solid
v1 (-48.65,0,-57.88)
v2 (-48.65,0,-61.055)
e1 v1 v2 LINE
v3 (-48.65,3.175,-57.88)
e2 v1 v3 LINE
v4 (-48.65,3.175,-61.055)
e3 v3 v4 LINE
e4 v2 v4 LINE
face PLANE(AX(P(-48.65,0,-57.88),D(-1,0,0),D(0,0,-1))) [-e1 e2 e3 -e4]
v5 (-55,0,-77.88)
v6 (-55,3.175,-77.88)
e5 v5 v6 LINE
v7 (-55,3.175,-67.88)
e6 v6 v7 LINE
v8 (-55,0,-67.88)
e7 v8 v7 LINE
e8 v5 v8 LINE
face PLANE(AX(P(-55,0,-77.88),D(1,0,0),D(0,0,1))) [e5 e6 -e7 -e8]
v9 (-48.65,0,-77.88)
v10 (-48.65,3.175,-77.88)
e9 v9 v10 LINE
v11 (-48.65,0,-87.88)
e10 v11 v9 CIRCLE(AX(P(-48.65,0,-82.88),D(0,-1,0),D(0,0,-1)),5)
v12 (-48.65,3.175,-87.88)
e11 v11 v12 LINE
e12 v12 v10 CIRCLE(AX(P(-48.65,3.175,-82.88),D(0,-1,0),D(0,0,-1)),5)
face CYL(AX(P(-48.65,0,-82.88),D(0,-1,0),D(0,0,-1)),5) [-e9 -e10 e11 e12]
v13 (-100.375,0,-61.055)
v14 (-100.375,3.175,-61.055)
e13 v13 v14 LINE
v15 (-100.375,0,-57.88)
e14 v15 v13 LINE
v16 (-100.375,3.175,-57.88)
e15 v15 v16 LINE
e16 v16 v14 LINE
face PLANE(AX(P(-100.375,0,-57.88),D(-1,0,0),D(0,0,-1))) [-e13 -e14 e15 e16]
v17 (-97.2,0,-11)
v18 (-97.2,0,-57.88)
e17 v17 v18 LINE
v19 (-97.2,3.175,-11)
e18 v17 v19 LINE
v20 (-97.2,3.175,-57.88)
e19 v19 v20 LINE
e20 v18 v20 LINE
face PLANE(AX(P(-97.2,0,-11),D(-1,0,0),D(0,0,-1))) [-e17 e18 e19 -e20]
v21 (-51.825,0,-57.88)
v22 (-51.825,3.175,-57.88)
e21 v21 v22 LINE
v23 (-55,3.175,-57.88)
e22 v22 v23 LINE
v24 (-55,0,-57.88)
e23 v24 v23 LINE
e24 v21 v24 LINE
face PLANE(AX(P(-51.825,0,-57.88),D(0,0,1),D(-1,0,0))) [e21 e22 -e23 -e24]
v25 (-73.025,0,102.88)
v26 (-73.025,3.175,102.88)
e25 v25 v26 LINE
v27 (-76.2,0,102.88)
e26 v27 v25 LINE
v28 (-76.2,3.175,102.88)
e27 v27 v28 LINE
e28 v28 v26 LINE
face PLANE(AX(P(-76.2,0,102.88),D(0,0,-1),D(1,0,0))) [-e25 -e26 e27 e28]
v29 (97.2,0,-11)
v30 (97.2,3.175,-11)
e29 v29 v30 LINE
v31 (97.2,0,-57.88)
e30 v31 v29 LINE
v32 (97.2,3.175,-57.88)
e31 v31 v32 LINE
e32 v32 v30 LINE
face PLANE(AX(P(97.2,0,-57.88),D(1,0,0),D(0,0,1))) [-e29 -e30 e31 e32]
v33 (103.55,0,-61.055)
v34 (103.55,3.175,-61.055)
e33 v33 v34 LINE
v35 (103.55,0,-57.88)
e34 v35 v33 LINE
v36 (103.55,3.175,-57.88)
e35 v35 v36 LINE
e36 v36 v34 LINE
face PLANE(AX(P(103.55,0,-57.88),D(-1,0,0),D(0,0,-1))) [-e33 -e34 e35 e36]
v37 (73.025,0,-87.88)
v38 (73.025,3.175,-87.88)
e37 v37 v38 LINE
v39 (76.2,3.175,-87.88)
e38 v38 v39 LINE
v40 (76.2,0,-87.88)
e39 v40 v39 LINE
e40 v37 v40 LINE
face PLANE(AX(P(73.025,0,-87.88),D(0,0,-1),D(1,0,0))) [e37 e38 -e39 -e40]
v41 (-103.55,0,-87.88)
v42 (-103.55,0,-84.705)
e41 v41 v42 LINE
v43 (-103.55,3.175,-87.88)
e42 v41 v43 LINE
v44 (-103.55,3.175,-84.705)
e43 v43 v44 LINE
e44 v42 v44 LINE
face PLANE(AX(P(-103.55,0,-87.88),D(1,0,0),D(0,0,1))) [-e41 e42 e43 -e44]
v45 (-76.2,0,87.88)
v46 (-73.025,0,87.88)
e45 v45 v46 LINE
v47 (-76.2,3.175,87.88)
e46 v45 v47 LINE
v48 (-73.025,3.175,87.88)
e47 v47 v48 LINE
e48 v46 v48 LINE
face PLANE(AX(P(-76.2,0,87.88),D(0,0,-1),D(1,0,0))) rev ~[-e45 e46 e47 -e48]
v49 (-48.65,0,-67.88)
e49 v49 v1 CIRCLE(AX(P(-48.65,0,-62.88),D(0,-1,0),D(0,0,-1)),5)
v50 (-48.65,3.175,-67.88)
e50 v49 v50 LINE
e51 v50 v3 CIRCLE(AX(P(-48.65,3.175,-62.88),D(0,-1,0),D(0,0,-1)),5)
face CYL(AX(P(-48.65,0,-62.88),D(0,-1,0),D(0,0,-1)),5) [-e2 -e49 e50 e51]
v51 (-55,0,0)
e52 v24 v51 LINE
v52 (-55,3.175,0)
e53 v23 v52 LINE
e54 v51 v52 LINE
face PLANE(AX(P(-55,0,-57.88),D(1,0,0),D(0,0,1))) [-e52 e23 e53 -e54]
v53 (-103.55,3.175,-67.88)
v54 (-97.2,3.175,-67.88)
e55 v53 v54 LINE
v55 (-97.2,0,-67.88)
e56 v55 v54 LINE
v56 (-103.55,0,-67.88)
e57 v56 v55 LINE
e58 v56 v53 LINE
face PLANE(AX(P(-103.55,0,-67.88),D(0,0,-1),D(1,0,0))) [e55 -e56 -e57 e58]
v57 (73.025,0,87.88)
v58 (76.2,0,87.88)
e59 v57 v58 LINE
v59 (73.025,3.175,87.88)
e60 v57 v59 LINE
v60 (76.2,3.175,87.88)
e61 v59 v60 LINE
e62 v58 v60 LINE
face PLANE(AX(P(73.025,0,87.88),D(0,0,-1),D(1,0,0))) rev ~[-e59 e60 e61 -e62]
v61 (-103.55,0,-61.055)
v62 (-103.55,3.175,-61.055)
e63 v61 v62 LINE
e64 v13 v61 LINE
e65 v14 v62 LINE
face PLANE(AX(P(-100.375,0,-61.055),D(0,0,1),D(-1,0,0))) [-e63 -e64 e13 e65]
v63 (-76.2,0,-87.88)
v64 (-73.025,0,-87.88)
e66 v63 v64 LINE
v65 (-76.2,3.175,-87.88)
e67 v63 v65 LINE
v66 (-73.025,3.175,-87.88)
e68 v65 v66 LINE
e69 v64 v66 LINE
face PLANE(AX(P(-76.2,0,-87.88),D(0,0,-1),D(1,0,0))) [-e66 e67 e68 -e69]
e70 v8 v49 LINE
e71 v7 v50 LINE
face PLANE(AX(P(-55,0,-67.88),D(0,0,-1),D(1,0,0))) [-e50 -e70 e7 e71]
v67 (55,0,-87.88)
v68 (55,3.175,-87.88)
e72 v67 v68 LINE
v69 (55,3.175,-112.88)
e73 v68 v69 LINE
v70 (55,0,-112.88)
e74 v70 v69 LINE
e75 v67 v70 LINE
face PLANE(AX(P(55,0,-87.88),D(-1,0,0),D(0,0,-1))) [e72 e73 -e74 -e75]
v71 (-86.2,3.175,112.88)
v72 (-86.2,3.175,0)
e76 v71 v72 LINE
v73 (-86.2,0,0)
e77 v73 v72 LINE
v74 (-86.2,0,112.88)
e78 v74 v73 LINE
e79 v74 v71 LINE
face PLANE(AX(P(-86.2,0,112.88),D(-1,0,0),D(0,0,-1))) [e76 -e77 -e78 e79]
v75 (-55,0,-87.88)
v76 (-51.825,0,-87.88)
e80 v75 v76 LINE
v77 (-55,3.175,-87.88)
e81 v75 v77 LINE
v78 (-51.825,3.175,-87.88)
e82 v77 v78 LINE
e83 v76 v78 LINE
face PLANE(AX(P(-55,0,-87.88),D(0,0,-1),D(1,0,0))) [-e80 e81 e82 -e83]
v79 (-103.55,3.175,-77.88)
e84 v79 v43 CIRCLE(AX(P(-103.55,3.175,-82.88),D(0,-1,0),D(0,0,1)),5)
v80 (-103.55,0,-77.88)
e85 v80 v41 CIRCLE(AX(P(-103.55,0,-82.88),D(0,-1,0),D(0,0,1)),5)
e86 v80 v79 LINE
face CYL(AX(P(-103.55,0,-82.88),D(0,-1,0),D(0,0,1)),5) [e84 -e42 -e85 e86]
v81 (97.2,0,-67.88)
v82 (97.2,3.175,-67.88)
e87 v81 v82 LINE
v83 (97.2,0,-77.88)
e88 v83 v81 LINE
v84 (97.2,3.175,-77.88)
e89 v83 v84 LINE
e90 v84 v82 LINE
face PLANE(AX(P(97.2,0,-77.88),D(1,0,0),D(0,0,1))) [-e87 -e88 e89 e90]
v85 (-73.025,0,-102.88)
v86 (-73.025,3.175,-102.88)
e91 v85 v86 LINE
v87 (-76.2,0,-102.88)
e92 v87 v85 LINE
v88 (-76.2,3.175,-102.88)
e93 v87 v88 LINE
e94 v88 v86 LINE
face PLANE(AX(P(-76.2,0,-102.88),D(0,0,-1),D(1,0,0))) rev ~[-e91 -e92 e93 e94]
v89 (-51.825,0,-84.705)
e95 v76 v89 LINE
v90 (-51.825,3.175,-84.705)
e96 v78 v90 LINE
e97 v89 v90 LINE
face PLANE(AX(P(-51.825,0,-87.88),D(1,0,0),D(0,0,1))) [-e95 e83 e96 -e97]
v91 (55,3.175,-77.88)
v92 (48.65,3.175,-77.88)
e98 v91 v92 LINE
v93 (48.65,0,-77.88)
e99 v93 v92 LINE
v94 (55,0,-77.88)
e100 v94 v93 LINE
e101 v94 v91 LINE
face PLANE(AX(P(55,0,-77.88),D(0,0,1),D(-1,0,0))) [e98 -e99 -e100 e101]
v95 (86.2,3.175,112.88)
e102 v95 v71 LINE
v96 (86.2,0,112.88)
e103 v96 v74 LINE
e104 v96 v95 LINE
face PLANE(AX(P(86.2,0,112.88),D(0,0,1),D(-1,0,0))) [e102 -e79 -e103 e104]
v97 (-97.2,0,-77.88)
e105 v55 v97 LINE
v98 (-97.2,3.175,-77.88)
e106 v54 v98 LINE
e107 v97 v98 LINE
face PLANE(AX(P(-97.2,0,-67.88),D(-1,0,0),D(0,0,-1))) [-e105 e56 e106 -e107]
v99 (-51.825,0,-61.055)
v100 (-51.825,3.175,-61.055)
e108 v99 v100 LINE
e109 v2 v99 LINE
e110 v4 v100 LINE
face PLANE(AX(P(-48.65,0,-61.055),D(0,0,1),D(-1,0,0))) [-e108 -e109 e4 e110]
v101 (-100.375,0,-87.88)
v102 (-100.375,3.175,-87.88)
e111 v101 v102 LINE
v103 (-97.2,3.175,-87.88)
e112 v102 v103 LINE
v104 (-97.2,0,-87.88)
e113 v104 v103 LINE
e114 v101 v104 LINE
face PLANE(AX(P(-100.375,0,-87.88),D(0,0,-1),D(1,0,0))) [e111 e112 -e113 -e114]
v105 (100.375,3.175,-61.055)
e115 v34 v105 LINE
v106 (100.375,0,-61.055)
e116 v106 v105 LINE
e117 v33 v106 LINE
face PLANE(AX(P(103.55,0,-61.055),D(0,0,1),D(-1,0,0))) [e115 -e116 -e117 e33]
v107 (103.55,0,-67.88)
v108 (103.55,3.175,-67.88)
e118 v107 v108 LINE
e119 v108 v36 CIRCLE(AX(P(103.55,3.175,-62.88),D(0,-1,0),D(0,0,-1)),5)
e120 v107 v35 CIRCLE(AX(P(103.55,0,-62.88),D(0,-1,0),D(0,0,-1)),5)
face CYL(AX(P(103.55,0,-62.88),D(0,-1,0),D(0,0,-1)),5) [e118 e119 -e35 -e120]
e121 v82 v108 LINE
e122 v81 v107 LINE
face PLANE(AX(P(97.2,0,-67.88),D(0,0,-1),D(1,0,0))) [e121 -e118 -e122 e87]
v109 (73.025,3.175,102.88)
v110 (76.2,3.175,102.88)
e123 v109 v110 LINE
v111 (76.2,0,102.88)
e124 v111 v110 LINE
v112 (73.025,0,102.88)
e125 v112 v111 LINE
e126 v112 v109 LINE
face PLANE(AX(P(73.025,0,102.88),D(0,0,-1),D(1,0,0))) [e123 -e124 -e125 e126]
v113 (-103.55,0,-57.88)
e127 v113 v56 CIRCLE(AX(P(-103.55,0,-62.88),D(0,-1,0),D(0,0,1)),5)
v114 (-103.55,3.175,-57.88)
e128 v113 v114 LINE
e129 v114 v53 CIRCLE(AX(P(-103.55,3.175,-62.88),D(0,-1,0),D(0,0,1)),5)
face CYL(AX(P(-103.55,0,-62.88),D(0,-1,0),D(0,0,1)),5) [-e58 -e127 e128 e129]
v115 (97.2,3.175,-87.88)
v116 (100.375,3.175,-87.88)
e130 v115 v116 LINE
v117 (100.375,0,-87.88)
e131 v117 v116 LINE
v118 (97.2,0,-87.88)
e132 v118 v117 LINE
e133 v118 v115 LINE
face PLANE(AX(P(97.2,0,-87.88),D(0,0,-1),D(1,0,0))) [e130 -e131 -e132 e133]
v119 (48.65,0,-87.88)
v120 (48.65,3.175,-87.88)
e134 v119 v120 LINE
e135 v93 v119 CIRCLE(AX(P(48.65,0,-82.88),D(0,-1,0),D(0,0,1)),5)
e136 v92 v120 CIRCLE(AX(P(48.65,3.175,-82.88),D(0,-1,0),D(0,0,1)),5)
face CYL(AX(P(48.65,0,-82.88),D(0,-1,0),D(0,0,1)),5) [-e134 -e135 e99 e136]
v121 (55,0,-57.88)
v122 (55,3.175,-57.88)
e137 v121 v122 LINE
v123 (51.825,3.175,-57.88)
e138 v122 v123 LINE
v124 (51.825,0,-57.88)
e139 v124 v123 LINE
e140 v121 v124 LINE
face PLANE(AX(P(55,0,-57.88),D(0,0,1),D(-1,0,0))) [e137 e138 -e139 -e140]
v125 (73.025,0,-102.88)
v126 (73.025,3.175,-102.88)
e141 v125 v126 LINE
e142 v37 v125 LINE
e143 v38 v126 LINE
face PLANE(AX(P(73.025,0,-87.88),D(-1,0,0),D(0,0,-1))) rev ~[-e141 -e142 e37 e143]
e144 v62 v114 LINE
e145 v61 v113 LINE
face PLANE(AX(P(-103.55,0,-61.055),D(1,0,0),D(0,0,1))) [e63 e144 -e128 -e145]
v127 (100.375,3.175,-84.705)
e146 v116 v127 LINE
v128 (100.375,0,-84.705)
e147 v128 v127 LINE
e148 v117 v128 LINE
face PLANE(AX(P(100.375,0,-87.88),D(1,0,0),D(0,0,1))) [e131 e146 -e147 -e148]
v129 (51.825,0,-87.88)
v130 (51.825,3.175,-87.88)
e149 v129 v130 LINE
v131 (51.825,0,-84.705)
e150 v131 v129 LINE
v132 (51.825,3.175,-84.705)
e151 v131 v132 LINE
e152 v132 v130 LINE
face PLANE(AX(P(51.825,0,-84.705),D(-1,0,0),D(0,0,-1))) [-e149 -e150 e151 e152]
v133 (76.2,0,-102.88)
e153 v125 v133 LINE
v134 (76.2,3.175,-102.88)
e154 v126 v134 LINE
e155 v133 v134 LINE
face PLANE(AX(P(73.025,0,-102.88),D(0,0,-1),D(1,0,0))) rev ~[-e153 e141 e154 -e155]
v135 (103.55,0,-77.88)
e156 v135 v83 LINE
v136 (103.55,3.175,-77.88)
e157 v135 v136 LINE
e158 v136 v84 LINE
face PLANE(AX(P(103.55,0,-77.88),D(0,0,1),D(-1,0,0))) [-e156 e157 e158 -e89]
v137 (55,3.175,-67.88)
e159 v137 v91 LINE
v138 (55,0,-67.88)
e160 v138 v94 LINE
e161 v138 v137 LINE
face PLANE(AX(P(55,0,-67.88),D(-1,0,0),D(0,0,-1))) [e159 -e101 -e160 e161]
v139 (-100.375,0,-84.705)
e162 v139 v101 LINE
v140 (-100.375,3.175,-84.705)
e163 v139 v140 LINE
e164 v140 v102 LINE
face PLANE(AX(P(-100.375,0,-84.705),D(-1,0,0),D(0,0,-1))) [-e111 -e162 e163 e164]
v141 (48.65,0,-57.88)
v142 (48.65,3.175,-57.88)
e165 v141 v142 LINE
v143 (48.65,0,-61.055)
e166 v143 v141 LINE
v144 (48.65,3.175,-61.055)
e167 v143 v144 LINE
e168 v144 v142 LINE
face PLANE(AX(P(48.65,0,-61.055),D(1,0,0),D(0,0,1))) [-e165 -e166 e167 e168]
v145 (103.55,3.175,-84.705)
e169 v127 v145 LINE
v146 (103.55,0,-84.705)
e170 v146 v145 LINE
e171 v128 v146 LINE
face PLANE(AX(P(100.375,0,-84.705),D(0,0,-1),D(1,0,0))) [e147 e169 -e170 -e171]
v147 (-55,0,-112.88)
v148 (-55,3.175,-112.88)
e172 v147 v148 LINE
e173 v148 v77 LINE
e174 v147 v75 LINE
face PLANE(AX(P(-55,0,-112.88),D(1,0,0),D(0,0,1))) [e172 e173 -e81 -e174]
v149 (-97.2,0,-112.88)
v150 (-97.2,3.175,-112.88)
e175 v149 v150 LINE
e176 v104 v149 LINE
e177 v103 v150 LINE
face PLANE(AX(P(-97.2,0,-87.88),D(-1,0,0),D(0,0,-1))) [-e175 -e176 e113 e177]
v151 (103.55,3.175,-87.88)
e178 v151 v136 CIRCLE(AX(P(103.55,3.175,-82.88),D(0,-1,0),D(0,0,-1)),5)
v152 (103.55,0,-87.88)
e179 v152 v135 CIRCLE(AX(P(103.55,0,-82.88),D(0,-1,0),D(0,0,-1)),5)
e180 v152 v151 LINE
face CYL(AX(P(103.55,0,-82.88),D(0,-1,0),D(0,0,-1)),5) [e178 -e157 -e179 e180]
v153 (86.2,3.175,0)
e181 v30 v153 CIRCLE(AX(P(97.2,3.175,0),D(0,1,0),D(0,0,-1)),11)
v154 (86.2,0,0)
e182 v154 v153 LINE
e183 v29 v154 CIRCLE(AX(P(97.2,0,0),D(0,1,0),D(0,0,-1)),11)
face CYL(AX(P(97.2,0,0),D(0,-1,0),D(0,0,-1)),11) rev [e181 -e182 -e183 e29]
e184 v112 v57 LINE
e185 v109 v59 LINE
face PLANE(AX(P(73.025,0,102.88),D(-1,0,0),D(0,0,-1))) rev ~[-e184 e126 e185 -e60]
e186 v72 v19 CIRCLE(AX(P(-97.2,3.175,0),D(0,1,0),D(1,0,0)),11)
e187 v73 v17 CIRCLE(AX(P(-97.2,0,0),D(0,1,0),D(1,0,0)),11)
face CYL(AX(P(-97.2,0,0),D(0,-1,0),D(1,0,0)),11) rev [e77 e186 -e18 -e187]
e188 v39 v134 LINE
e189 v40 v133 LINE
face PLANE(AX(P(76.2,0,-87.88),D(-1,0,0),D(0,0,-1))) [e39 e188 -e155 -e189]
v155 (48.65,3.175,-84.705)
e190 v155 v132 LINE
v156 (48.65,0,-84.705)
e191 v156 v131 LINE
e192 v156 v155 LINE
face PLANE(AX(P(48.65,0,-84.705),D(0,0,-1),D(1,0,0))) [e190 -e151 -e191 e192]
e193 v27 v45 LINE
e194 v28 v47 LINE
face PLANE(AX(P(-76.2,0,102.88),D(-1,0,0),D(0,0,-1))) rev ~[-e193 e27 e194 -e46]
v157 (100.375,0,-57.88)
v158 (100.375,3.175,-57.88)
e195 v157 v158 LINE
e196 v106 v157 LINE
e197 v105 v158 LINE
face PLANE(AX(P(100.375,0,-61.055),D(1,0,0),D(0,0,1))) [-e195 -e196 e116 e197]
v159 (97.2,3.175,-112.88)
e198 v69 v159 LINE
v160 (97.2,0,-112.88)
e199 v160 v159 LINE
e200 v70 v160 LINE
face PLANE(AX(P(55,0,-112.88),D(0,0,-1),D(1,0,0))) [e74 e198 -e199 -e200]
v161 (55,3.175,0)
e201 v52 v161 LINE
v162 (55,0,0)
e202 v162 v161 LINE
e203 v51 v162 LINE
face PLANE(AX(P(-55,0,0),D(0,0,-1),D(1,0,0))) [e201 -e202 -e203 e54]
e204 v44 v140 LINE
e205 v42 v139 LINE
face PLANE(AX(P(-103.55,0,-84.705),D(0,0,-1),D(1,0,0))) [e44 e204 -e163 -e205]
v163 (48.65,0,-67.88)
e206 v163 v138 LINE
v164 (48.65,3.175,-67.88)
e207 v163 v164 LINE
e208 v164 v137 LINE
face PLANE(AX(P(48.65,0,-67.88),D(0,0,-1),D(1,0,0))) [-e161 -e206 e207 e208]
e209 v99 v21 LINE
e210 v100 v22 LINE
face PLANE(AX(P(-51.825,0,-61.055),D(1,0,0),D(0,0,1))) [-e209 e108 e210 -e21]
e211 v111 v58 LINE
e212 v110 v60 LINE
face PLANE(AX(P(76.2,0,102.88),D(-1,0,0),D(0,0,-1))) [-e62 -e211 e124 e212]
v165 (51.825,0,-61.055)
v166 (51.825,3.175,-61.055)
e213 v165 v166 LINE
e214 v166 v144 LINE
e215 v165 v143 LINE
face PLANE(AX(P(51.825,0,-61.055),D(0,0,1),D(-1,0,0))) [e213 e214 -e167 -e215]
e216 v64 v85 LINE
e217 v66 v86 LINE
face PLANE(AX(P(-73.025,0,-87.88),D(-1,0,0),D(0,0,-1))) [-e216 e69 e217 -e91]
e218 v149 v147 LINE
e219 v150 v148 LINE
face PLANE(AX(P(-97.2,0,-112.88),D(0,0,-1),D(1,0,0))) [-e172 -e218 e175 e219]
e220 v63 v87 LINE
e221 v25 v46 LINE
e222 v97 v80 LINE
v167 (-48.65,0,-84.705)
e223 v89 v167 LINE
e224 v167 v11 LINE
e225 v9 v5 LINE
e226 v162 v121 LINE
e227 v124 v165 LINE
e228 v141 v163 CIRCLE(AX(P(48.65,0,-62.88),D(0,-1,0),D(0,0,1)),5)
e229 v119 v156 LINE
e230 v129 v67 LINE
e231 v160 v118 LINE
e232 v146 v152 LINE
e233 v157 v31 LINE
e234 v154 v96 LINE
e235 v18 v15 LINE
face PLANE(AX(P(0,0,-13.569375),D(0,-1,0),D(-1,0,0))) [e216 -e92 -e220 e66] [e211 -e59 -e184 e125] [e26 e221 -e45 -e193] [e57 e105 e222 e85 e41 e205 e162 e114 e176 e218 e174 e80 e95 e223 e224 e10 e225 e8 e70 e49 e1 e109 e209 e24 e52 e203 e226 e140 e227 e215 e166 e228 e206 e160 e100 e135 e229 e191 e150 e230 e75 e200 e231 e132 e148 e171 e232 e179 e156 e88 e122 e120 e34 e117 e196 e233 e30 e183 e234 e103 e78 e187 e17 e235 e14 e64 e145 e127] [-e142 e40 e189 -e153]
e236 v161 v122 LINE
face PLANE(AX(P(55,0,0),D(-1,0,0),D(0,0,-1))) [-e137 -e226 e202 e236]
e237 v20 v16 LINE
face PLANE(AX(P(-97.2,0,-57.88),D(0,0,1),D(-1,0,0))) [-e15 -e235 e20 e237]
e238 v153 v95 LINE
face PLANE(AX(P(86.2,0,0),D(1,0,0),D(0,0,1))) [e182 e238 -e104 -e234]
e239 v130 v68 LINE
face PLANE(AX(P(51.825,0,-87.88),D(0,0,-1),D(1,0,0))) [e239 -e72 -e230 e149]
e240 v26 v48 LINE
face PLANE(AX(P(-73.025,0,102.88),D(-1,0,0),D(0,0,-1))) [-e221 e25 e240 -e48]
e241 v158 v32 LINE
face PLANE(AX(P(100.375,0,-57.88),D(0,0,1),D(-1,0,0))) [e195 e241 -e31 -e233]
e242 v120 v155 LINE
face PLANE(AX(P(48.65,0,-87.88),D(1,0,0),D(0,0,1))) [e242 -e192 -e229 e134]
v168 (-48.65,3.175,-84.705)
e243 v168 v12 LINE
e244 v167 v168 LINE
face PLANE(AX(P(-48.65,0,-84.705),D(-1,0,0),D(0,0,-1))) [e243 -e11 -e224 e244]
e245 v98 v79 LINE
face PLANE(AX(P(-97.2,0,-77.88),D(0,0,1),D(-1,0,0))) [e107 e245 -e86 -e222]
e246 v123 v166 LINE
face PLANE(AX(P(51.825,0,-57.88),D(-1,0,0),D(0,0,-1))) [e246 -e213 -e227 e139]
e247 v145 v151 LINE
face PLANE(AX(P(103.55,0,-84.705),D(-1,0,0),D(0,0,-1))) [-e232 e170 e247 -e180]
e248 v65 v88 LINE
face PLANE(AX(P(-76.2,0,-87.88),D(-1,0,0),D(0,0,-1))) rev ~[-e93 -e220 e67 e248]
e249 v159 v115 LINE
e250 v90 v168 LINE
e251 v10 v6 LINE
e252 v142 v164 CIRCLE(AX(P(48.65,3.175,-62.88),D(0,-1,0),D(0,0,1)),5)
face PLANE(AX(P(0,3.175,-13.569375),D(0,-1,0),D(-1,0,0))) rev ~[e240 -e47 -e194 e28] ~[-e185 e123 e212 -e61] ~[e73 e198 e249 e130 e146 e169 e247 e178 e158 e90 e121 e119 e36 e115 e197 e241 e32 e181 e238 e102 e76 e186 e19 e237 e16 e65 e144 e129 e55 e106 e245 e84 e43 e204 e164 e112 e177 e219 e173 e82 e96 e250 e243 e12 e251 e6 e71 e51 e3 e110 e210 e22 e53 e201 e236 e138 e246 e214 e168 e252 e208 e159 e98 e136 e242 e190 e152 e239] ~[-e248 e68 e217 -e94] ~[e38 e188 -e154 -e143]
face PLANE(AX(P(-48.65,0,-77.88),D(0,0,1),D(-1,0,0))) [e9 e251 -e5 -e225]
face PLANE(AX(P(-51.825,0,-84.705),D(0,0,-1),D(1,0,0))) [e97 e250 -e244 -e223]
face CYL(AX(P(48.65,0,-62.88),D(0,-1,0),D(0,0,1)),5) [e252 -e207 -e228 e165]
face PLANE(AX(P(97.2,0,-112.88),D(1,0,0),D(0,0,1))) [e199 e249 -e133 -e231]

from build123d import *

# Parameters (mm, degrees)
SKETCH1_W           = 3.175
SKETCH1_H           = 15
BOSS_EXTRUDE1_DEPTH = 3.175


with BuildPart() as part:
    # Sketch1 → Boss-Extrude1 (new body)
    with BuildSketch(Plane(origin=(0, 0, 0), x_dir=(1, 0, 0), z_dir=(0, 1, 0))):
        with BuildLine():
            Line((-55, 0), (55, 0))
            Line((55, 0), (55, 57.88))
            Line((55, 57.88), (51.825, 57.88))
            Line((51.825, 57.88), (51.825, 61.055))
            Line((51.825, 61.055), (48.65, 61.055))
            Line((48.65, 61.055), (48.65, 57.88))
            ThreePointArc((48.65, 57.88), (43.65, 62.88), (48.65, 67.88))
            Line((48.65, 67.88), (55, 67.88))
            Line((55, 67.88), (55, 77.88))
            Line((55, 77.88), (48.65, 77.88))
            ThreePointArc((48.65, 77.88), (43.65, 82.88), (48.65, 87.88))
            Line((48.65, 87.88), (48.65, 84.705))
            Line((48.65, 84.705), (51.825, 84.705))
            Line((51.825, 84.705), (51.825, 87.88))
            Line((51.825, 87.88), (55, 87.88))
            Line((55, 87.88), (55, 112.88))
            Line((55, 112.88), (76.2, 112.88))
            Line((76.2, 112.88), (86.2, 112.88))
            Line((86.2, 112.88), (97.2, 112.88))
            Line((97.2, 112.88), (97.2, 87.88))
            Line((97.2, 87.88), (100.375, 87.88))
            Line((100.375, 87.88), (100.375, 84.705))
            Line((100.375, 84.705), (103.55, 84.705))
            Line((103.55, 84.705), (103.55, 87.88))
            ThreePointArc((103.55, 87.88), (108.55, 82.88), (103.55, 77.88))
            Line((103.55, 77.88), (97.2, 77.88))
            Line((97.2, 77.88), (97.2, 67.88))
            Line((97.2, 67.88), (103.55, 67.88))
            ThreePointArc((103.55, 67.88), (108.55, 62.88), (103.55, 57.88))
            Line((103.55, 57.88), (103.55, 61.055))
            Line((103.55, 61.055), (100.375, 61.055))
            Line((100.375, 61.055), (100.375, 57.88))
            Line((100.375, 57.88), (97.2, 57.88))
            Line((97.2, 57.88), (97.2, 11))
            ThreePointArc((97.2, 11), (89.421825407, 7.778174593), (86.2, 0))
            Line((86.2, 0), (86.2, -102.88))
            Line((86.2, -102.88), (86.2, -112.88))
            Line((86.2, -112.88), (76.2, -112.88))
            Line((76.2, -112.88), (-76.2, -112.88))
            Line((-76.2, -112.88), (-86.2, -112.88))
            Line((-86.2, -112.88), (-86.2, -102.88))
            Line((-86.2, -102.88), (-86.2, 0))
            ThreePointArc((-86.2, 0), (-89.421825407, 7.778174593), (-97.2, 11))
            Line((-97.2, 11), (-97.2, 57.88))
            Line((-97.2, 57.88), (-100.375, 57.88))
            Line((-100.375, 57.88), (-100.375, 61.055))
            Line((-100.375, 61.055), (-103.55, 61.055))
            Line((-103.55, 61.055), (-103.55, 57.88))
            ThreePointArc((-103.55, 57.88), (-108.55, 62.88), (-103.55, 67.88))
            Line((-103.55, 67.88), (-97.2, 67.88))
            Line((-97.2, 67.88), (-97.2, 77.88))
            Line((-97.2, 77.88), (-103.55, 77.88))
            ThreePointArc((-103.55, 77.88), (-108.55, 82.88), (-103.55, 87.88))
            Line((-103.55, 87.88), (-103.55, 84.705))
            Line((-103.55, 84.705), (-100.375, 84.705))
            Line((-100.375, 84.705), (-100.375, 87.88))
            Line((-100.375, 87.88), (-97.2, 87.88))
            Line((-97.2, 87.88), (-97.2, 112.88))
            Line((-97.2, 112.88), (-86.2, 112.88))
            Line((-86.2, 112.88), (-76.2, 112.88))
            Line((-76.2, 112.88), (-55, 112.88))
            Line((-55, 112.88), (-55, 87.88))
            Line((-55, 87.88), (-51.825, 87.88))
            Line((-51.825, 87.88), (-51.825, 84.705))
            Line((-51.825, 84.705), (-48.65, 84.705))
            Line((-48.65, 84.705), (-48.65, 87.88))
            ThreePointArc((-48.65, 87.88), (-43.65, 82.88), (-48.65, 77.88))
            Line((-48.65, 77.88), (-55, 77.88))
            Line((-55, 77.88), (-55, 67.88))
            Line((-55, 67.88), (-48.65, 67.88))
            ThreePointArc((-48.65, 67.88), (-43.65, 62.88), (-48.65, 57.88))
            Line((-48.65, 57.88), (-48.65, 61.055))
            Line((-48.65, 61.055), (-51.825, 61.055))
            Line((-51.825, 61.055), (-51.825, 57.88))
            Line((-51.825, 57.88), (-55, 57.88))
            Line((-55, 57.88), (-55, 0))
        make_face()
        with Locations((74.6125, 95.38)):
            Rectangle(SKETCH1_W, SKETCH1_H, mode=Mode.SUBTRACT)
        with Locations((-74.6125, 95.38)):
            Rectangle(SKETCH1_W, SKETCH1_H, mode=Mode.SUBTRACT)
        with Locations((-74.6125, -95.38)):
            Rectangle(SKETCH1_W, SKETCH1_H, mode=Mode.SUBTRACT)
        with Locations((74.6125, -95.38)):
            Rectangle(SKETCH1_W, SKETCH1_H, mode=Mode.SUBTRACT)
    extrude(amount=BOSS_EXTRUDE1_DEPTH)


solid = part.part
